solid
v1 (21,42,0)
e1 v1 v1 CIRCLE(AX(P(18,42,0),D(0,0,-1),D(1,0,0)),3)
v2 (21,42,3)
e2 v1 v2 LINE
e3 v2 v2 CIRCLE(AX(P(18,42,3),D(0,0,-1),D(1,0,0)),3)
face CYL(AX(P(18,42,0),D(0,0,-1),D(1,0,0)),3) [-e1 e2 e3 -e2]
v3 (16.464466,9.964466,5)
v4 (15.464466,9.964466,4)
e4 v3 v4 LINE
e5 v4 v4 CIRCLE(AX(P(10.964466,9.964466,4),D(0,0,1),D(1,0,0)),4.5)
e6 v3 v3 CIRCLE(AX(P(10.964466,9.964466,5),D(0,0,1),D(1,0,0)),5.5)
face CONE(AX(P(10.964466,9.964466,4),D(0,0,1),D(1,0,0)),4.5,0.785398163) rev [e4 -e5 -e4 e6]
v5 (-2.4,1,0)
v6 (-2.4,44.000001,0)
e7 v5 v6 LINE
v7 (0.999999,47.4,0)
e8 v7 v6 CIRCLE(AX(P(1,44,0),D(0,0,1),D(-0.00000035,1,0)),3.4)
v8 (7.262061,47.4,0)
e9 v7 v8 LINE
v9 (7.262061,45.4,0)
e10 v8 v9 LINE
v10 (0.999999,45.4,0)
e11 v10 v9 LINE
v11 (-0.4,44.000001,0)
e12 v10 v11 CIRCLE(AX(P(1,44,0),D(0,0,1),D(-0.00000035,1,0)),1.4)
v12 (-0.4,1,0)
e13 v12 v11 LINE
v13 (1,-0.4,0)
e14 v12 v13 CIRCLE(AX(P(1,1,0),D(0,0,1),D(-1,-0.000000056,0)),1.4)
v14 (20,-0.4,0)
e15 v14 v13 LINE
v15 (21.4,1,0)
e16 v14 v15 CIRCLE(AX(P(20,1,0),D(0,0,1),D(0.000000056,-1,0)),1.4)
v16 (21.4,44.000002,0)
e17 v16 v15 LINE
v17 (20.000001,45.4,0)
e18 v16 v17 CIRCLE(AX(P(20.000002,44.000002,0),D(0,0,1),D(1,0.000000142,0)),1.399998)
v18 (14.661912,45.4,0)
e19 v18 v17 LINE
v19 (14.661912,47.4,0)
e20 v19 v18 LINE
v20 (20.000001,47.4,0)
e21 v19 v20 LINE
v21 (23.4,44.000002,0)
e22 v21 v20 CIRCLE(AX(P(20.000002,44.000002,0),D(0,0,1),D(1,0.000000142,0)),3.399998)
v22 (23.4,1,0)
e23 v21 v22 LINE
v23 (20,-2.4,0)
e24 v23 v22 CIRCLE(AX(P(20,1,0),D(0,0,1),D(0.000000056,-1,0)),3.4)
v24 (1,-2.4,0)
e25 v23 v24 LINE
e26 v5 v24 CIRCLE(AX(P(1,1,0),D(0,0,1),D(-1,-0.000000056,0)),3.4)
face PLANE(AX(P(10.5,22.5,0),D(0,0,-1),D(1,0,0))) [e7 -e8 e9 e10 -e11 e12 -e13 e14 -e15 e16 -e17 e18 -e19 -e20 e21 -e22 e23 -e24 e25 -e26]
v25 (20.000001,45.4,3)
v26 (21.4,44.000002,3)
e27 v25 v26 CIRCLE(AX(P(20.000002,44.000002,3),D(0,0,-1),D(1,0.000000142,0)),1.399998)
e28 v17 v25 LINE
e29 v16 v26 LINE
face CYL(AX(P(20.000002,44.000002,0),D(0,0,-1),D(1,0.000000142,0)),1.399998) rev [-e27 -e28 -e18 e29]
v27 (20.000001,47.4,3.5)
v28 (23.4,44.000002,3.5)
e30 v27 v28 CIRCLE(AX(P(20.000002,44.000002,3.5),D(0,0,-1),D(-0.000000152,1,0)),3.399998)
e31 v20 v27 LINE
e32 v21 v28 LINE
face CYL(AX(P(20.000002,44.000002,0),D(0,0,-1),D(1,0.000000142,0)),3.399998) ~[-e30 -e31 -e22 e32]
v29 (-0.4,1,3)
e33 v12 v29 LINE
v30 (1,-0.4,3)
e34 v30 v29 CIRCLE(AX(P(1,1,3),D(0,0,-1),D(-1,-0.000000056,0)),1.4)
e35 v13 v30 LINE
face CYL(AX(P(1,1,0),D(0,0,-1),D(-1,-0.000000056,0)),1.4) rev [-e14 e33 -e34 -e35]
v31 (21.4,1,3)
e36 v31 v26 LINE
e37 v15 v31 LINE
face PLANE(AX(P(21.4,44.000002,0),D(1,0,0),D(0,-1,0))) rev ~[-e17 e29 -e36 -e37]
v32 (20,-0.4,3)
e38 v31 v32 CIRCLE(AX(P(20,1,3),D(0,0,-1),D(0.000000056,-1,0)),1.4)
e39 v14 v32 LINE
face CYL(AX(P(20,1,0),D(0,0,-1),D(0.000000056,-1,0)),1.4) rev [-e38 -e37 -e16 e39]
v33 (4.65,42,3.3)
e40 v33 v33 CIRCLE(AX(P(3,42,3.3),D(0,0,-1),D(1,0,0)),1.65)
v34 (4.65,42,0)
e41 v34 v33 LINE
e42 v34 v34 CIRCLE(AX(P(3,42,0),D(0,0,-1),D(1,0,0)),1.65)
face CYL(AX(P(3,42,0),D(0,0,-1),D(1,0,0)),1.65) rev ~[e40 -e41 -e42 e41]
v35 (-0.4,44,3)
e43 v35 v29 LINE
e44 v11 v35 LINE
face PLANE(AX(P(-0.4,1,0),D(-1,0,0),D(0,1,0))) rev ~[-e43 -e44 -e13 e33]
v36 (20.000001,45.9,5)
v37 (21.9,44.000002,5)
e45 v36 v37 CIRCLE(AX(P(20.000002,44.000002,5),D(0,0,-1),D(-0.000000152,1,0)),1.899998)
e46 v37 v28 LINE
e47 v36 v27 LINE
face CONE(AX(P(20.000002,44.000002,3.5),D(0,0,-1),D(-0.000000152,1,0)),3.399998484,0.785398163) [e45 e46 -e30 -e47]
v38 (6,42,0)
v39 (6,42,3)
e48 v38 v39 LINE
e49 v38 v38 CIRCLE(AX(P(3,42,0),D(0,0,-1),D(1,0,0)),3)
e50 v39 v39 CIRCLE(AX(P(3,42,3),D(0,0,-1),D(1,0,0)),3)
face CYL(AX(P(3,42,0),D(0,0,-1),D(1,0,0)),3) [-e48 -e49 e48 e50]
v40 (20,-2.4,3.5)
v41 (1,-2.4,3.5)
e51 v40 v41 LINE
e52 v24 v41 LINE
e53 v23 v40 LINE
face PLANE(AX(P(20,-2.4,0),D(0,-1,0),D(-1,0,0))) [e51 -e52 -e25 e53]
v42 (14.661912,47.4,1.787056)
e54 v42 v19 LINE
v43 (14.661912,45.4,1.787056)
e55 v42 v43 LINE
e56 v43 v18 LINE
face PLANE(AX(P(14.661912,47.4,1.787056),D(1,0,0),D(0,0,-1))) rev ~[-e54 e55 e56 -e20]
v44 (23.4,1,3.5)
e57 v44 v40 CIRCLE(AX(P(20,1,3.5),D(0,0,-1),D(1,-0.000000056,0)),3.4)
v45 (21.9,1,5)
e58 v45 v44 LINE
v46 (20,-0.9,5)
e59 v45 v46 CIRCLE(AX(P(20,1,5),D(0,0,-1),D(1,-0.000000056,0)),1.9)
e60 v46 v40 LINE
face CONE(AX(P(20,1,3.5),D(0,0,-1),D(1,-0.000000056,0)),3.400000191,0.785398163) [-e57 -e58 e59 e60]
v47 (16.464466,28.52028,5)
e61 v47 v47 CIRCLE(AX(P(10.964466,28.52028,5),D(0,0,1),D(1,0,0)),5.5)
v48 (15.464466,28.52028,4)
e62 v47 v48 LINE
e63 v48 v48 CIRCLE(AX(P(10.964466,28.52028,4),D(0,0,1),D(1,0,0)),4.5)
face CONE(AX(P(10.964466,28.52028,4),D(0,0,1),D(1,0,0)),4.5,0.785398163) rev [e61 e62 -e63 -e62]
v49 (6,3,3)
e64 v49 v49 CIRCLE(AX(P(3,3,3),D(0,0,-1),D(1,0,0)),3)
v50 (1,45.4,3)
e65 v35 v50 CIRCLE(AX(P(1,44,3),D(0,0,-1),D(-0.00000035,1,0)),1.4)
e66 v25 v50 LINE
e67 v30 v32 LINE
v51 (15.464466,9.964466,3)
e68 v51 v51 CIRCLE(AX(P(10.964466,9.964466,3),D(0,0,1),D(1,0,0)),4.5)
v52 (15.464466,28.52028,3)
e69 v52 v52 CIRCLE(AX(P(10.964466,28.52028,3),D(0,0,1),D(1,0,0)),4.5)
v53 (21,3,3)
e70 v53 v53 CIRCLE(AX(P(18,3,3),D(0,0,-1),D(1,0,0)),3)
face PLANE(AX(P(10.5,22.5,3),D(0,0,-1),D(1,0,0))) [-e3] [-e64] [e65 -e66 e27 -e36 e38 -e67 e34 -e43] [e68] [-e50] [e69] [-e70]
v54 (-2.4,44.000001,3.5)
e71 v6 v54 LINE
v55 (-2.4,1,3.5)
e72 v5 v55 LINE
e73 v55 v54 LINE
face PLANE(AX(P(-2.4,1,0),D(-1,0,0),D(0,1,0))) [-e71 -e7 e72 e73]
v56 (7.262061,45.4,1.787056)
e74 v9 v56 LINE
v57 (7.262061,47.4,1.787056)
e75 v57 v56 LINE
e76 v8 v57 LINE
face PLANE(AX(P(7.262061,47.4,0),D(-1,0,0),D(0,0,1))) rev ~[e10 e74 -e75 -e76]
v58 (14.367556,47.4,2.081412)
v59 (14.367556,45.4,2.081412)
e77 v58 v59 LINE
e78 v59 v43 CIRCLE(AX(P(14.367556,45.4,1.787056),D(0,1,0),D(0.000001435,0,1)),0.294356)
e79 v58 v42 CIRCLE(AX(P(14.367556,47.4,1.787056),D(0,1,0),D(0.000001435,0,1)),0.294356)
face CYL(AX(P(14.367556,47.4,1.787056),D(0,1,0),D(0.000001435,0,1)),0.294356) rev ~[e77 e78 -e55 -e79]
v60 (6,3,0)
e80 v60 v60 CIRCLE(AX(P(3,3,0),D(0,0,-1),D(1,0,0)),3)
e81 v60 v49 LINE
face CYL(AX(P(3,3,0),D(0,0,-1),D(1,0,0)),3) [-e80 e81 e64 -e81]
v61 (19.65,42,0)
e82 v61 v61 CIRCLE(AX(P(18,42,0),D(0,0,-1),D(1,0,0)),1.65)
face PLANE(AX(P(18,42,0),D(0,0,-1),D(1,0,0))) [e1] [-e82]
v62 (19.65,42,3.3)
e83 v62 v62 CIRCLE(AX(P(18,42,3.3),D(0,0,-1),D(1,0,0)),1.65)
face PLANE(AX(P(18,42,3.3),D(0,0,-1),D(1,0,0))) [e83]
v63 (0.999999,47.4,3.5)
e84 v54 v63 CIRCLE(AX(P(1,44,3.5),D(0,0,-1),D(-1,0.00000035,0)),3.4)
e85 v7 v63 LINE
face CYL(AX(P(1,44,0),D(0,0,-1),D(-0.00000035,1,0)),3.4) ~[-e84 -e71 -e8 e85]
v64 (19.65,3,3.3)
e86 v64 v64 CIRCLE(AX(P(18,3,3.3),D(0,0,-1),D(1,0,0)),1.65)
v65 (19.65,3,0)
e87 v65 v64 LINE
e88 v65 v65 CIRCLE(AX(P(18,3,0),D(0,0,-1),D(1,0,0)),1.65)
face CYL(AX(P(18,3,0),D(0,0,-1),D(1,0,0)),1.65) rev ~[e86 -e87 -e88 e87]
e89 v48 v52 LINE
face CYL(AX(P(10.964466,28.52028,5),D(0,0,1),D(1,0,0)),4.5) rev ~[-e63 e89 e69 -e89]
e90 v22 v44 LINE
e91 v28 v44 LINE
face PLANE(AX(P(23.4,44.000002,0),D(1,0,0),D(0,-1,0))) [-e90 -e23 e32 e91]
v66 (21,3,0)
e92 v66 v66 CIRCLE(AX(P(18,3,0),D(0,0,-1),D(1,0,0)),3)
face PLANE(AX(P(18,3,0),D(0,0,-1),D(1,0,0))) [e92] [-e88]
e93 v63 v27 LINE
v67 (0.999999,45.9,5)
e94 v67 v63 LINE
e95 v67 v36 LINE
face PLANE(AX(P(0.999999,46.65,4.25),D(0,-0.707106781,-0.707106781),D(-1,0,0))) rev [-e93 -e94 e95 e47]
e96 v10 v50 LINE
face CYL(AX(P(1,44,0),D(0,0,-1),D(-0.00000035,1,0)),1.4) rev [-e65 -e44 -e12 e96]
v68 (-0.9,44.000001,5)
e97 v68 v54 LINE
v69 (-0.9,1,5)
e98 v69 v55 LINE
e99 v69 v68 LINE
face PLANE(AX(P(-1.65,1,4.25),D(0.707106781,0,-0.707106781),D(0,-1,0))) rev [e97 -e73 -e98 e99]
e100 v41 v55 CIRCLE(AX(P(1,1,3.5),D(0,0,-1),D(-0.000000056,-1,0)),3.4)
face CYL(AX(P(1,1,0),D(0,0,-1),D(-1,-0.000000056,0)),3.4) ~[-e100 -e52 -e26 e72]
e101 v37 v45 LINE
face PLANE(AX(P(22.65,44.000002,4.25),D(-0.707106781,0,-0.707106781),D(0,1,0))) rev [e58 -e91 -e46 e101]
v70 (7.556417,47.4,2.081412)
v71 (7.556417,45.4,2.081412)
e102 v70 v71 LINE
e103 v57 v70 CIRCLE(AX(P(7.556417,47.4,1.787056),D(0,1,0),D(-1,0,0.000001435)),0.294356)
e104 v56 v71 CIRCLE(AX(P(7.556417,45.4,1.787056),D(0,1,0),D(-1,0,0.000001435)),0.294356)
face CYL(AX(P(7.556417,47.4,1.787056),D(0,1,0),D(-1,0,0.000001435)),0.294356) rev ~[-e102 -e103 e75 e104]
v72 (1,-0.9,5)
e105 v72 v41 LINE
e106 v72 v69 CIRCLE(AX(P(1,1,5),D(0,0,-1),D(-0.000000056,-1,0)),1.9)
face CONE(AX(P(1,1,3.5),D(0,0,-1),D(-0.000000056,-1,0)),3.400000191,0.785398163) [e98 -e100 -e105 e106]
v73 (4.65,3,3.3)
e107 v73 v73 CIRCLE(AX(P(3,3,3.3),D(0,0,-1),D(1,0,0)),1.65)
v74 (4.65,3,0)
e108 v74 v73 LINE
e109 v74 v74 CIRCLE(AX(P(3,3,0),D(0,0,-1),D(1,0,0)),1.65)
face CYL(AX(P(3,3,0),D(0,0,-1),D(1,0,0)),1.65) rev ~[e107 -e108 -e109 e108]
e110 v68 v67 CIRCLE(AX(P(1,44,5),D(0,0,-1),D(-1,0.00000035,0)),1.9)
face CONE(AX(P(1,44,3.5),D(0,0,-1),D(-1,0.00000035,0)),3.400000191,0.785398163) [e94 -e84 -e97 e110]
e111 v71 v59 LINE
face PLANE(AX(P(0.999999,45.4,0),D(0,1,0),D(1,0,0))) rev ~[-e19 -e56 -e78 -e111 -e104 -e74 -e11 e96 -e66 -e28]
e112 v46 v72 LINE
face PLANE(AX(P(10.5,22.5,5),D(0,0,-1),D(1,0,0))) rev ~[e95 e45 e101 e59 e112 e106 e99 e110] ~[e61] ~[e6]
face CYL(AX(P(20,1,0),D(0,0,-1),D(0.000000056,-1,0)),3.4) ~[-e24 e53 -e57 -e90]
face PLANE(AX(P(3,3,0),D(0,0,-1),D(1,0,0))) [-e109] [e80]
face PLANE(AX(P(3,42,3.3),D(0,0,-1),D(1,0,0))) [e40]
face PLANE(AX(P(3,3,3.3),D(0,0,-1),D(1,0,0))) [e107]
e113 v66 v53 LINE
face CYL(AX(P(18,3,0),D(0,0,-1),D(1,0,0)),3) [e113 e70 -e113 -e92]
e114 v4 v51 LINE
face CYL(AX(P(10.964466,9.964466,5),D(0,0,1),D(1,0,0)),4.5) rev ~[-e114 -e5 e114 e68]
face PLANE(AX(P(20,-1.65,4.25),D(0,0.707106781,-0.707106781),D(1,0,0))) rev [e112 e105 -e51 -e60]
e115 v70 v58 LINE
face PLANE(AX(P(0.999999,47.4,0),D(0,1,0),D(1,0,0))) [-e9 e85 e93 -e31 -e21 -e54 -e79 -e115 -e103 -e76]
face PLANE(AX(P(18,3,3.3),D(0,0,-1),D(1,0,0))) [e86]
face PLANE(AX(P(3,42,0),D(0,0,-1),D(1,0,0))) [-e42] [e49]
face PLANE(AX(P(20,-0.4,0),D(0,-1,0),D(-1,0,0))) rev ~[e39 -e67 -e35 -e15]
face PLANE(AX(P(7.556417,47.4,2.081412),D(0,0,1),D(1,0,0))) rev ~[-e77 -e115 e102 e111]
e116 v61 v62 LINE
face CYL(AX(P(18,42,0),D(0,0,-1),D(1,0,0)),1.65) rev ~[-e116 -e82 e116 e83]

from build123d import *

# Parameters (mm, degrees)
PAD014_DEPTH    = 5
THICKNESS001_T  = -2
SKETCH029_R     = 4.5
POCKET011_DEPTH = 5.001
SKETCH030_R     = 3
PAD015_DEPTH    = 3
SKETCH031_R     = 1.65
POCKET012_DEPTH = 3.3
POCKET_DEPTH    = 2
CHAMFER_SIZE    = 1
CHAMFER002_SIZE = 1.5


with BuildPart() as part:
    # Sketch027 → Pad014 (new body)
    with BuildSketch(Plane(origin=(0, 0, 0), x_dir=(-1, 0, 0), z_dir=(0, 0, 1))):
        with BuildLine():
            Line((-23.4, -44.000002), (-23.4, -1))
            ThreePointArc((-20, 2.4), (-22.404163, 1.404163), (-23.4, -1))
            Line((-20, 2.4), (-1, 2.4))
            ThreePointArc((2.4, -1), (1.404163, 1.404163), (-1, 2.4))
            Line((2.4, -1), (2.4, -44.000001))
            ThreePointArc((-0.999999, -47.4), (1.404163, -46.404163), (2.4, -44.000001))
            Line((-0.999999, -47.4), (-20.000001, -47.4))
            ThreePointArc((-23.4, -44.000002), (-22.404163, -46.404164), (-20.000001, -47.4))
        make_face()
    extrude(amount=PAD014_DEPTH)

    # Thickness001
    thickness001_openings = [part.faces().sort_by_distance(p)[0] for p in [
        (10.5, 22.5, 0),
    ]]
    offset(amount=THICKNESS001_T, openings=thickness001_openings)

    # Sketch029 (on Face9 of Thickness001) → Pocket011 (cut, through all)
    with BuildSketch(Plane.XY.offset(5)):
        with Locations((10.964466, 9.964466)):
            Circle(SKETCH029_R)
        with Locations((10.964466, 28.52028)):
            Circle(SKETCH029_R)
    extrude(amount=-POCKET011_DEPTH, mode=Mode.SUBTRACT)

    # Sketch030 (on Face4 of Pocket011) → Pad015 (join)
    with BuildSketch(Plane(origin=(0, 0, 0), x_dir=(1, 0, 0), z_dir=(0, 0, -1))):
        with Locations((3, -3)):
            Circle(SKETCH030_R)
        with Locations((18, -3)):
            Circle(SKETCH030_R)
        with Locations((18, -42)):
            Circle(SKETCH030_R)
        with Locations((3, -42)):
            Circle(SKETCH030_R)
    extrude(amount=-PAD015_DEPTH)

    # Sketch031 (on Face27 of Pad015) → Pocket012 (cut)
    with BuildSketch(Plane(origin=(0, 0, 0), x_dir=(1, 0, 0), z_dir=(0, 0, -1))):
        with Locations((3, -3)):
            Circle(SKETCH031_R)
        with Locations((18, -3)):
            Circle(SKETCH031_R)
        with Locations((18, -42)):
            Circle(SKETCH031_R)
        with Locations((3, -42)):
            Circle(SKETCH031_R)
    extrude(amount=-POCKET012_DEPTH, mode=Mode.SUBTRACT)

    # Sketch033 (on Face6 of Pocket012) → Pocket (cut)
    with BuildSketch(Plane(origin=(0, 47.4, 0), x_dir=(-1, 0, 0), z_dir=(0, 1, 0))):
        with BuildLine():
            Line((-14.661912, 0), (-7.262061, 0))
            Line((-7.262061, 0), (-7.262061, 1.787056))
            ThreePointArc((-7.262061, 1.787056), (-7.348276, 1.995197), (-7.556417, 2.081412))
            Line((-7.556417, 2.081412), (-14.367556, 2.081412))
            ThreePointArc((-14.367556, 2.081412), (-14.575697, 1.995197), (-14.661912, 1.787056))
            Line((-14.661912, 1.787056), (-14.661912, 0))
        make_face()
    extrude(amount=-POCKET_DEPTH, mode=Mode.SUBTRACT)

    # Chamfer
    chamfer_edges = [part.edges().sort_by_distance(p)[0] for p in [
        (6.464466, 28.52028, 5),
        (6.464466, 9.964466, 5),
    ]]
    chamfer(chamfer_edges, length=CHAMFER_SIZE)

    # Chamfer002
    chamfer002_edges = [part.edges().sort_by_distance(p)[0] for p in [
        (10.5, 47.4, 5),
    ]]
    chamfer(chamfer002_edges, length=CHAMFER002_SIZE)


solid = part.part
